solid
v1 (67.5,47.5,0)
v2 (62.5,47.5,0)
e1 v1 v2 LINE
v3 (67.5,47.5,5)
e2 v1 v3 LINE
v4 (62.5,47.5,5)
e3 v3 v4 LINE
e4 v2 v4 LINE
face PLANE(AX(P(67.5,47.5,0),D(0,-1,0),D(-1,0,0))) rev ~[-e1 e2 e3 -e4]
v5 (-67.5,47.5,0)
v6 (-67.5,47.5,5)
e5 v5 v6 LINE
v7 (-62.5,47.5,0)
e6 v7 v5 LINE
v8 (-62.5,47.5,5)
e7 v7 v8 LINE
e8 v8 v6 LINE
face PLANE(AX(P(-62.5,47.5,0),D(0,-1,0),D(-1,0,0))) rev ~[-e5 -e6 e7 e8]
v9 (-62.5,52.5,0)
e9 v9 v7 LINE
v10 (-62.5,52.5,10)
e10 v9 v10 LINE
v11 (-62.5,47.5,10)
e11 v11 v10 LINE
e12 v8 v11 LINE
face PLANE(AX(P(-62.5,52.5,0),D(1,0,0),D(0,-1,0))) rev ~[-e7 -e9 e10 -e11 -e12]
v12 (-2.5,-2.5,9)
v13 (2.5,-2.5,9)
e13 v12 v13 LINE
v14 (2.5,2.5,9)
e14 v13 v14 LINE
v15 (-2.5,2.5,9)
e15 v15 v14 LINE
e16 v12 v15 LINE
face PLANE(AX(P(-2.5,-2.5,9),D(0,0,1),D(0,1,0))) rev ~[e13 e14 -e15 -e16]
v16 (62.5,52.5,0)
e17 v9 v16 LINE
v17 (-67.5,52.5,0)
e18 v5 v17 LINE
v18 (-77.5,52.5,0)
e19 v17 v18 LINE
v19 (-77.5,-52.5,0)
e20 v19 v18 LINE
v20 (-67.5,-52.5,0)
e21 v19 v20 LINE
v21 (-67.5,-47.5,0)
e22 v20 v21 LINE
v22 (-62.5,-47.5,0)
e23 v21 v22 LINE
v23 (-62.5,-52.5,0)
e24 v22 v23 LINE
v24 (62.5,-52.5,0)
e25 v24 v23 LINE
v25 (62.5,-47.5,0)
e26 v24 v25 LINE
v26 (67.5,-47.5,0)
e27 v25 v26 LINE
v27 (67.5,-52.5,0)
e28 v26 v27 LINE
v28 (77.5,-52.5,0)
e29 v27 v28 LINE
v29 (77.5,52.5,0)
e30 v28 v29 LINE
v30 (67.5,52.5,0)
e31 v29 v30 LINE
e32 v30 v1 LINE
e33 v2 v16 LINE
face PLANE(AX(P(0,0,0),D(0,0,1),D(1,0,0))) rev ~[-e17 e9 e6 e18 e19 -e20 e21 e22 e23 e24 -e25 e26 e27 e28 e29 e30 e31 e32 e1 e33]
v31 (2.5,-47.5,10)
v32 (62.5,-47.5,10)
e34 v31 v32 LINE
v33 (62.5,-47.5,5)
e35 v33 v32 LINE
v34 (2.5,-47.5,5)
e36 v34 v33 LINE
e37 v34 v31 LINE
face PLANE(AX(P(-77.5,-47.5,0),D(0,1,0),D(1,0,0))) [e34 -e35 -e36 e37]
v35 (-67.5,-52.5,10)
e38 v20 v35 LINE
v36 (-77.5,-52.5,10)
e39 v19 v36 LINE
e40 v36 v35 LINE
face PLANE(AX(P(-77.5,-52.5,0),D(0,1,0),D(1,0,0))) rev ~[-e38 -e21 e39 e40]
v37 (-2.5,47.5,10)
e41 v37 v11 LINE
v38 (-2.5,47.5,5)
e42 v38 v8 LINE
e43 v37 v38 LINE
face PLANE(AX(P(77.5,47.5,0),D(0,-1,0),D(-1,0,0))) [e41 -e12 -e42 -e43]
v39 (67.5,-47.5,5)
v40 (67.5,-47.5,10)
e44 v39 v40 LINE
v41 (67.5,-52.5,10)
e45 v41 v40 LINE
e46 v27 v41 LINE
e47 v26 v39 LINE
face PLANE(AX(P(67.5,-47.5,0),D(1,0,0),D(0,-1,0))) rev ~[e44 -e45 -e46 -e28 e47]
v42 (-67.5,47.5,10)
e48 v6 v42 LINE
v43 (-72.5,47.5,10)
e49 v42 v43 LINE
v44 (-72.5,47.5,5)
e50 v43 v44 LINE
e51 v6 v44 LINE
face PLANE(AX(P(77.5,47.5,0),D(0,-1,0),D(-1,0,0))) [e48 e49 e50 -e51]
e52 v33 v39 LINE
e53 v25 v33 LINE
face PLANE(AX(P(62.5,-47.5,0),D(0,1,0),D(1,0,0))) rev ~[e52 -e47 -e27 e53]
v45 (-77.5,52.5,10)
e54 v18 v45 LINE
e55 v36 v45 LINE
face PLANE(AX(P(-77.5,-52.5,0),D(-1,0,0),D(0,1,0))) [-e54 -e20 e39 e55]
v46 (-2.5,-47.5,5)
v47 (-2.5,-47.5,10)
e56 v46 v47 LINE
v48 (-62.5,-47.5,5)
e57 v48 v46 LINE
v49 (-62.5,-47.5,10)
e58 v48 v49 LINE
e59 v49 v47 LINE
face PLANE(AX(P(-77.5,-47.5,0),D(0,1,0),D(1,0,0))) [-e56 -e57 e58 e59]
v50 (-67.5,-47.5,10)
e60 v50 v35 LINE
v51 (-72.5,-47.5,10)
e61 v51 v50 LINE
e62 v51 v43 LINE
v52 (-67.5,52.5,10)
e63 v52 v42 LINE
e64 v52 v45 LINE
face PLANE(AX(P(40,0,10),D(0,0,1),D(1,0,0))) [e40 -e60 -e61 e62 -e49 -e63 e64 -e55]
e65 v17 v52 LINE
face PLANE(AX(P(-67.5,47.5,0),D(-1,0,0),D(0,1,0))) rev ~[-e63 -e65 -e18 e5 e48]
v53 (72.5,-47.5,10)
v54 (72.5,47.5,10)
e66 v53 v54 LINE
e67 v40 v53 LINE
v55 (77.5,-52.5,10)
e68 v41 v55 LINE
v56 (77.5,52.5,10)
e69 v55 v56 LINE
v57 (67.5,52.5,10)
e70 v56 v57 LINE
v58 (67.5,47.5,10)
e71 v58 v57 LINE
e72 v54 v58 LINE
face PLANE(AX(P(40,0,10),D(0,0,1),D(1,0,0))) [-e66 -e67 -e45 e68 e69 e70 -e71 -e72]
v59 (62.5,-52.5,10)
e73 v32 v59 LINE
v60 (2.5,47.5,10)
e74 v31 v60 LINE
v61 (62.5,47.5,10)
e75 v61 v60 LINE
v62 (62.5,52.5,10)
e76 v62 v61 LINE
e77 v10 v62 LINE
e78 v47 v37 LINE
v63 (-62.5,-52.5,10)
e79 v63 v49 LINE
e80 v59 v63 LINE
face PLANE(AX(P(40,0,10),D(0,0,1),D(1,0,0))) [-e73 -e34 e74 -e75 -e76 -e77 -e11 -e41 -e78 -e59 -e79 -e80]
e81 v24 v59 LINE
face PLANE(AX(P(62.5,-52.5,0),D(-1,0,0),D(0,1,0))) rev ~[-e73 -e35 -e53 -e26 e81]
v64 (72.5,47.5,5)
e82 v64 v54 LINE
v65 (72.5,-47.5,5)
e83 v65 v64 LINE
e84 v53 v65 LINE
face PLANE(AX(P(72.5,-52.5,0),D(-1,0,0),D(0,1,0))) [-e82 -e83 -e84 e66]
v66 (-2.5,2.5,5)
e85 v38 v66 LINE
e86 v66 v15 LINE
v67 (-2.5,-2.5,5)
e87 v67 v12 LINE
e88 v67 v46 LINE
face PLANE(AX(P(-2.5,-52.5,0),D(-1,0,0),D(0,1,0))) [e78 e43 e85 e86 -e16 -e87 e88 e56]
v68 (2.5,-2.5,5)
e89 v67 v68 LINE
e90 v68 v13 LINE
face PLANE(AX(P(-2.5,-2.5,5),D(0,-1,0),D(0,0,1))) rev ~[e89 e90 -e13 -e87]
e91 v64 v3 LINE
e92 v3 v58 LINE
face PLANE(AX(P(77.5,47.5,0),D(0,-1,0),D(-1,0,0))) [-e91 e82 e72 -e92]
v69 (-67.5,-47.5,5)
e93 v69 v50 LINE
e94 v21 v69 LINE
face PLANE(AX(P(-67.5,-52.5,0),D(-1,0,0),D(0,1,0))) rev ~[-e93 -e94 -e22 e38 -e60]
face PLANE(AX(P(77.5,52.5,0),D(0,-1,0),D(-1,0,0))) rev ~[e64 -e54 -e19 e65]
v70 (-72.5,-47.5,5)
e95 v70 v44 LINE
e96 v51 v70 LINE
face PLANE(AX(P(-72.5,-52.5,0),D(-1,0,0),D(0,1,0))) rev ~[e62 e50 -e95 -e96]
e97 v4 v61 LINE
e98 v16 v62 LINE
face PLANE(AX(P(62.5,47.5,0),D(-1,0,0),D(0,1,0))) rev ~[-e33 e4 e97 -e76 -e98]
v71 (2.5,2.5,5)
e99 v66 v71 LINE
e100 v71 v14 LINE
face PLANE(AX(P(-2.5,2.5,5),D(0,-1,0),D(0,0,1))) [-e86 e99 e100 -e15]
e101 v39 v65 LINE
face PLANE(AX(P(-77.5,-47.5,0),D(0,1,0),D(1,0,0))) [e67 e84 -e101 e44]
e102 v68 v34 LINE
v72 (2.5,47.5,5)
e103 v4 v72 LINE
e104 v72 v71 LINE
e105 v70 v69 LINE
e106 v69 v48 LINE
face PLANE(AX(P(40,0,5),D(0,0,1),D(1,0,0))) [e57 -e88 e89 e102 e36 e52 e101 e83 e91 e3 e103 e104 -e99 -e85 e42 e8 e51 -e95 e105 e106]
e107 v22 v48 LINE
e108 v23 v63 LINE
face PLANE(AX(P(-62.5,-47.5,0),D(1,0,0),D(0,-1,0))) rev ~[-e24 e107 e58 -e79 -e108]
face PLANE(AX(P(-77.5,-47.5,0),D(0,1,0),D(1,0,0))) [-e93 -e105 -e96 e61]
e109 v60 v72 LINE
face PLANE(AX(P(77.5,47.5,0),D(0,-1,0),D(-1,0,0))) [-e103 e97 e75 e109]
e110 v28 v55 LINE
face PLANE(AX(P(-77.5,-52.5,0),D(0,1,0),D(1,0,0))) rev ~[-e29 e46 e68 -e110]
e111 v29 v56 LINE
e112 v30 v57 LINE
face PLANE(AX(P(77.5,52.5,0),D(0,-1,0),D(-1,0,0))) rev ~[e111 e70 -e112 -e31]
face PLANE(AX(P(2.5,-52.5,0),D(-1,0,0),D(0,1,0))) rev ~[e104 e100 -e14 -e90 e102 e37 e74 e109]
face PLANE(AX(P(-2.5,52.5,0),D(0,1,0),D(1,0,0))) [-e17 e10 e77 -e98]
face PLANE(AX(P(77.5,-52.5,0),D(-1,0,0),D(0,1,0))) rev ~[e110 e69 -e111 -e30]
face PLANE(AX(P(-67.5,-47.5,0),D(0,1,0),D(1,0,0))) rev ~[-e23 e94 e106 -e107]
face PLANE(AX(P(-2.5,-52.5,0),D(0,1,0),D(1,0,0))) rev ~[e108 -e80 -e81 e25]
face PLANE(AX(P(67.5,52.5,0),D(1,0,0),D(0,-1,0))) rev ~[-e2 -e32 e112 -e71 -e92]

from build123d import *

# Parameters (mm, degrees)
F0_W     = 75
F0_H     = 105
F0_W_2   = 5
F1_DEPTH = 10
F2_T     = -5
F4_DEPTH = 25
F5_DEPTH = 10
F6_W     = 2.5
F6_H     = 4
F7_DEPTH = 25


with BuildPart() as f1:
    # F0 (on Top) → F1 (new body)
    with BuildSketch(Plane.XY):
        with Locations((40, 0)):
            Rectangle(F0_W, F0_H)
        with Locations((-40, 0)):
            Rectangle(F0_W, F0_H)
        Rectangle(F0_W_2, F0_H)
    extrude(amount=F1_DEPTH)

    # F2
    f2_openings = [f1.faces().sort_by_distance(p)[0] for p in [
        (0, 0, 10),
    ]]
    offset(amount=F2_T, openings=f2_openings)

    # F3 (on Top) → F4 (intersect)
    with BuildSketch(Plane.XY):
        Polygon((-67.5, 52.5), (-77.5, 52.5), (-77.5, -52.5), (-67.5, -52.5), (-67.5, -47.5), (-62.5, -47.5), (-62.5, -52.5), (62.5, -52.5), (62.5, -47.5), (67.5, -47.5), (67.5, -52.5), (77.5, -52.5), (77.5, 52.5), (67.5, 52.5), (67.5, 47.5), (62.5, 47.5), (62.5, 52.5), (-62.5, 52.5), (-62.5, 47.5), (-67.5, 47.5), align=None)
    extrude(amount=F4_DEPTH, mode=Mode.INTERSECT)

    # F0 (on Top) → F5 (join)
    with BuildSketch(Plane.XY):
        Rectangle(F0_W_2, F0_H)
    extrude(amount=F5_DEPTH)

    # F6 (on face) → F7 (cut)
    with BuildSketch(Plane(origin=(-2.5, 0, 0), x_dir=(0, -1, 0), z_dir=(-1, 0, 0))):
        with Locations((-1.25, 7)):
            Rectangle(F6_W, F6_H)
        with Locations((1.25, 7)):
            Rectangle(F6_W, F6_H)
    extrude(amount=-F7_DEPTH, mode=Mode.SUBTRACT)


solid = f1.part
